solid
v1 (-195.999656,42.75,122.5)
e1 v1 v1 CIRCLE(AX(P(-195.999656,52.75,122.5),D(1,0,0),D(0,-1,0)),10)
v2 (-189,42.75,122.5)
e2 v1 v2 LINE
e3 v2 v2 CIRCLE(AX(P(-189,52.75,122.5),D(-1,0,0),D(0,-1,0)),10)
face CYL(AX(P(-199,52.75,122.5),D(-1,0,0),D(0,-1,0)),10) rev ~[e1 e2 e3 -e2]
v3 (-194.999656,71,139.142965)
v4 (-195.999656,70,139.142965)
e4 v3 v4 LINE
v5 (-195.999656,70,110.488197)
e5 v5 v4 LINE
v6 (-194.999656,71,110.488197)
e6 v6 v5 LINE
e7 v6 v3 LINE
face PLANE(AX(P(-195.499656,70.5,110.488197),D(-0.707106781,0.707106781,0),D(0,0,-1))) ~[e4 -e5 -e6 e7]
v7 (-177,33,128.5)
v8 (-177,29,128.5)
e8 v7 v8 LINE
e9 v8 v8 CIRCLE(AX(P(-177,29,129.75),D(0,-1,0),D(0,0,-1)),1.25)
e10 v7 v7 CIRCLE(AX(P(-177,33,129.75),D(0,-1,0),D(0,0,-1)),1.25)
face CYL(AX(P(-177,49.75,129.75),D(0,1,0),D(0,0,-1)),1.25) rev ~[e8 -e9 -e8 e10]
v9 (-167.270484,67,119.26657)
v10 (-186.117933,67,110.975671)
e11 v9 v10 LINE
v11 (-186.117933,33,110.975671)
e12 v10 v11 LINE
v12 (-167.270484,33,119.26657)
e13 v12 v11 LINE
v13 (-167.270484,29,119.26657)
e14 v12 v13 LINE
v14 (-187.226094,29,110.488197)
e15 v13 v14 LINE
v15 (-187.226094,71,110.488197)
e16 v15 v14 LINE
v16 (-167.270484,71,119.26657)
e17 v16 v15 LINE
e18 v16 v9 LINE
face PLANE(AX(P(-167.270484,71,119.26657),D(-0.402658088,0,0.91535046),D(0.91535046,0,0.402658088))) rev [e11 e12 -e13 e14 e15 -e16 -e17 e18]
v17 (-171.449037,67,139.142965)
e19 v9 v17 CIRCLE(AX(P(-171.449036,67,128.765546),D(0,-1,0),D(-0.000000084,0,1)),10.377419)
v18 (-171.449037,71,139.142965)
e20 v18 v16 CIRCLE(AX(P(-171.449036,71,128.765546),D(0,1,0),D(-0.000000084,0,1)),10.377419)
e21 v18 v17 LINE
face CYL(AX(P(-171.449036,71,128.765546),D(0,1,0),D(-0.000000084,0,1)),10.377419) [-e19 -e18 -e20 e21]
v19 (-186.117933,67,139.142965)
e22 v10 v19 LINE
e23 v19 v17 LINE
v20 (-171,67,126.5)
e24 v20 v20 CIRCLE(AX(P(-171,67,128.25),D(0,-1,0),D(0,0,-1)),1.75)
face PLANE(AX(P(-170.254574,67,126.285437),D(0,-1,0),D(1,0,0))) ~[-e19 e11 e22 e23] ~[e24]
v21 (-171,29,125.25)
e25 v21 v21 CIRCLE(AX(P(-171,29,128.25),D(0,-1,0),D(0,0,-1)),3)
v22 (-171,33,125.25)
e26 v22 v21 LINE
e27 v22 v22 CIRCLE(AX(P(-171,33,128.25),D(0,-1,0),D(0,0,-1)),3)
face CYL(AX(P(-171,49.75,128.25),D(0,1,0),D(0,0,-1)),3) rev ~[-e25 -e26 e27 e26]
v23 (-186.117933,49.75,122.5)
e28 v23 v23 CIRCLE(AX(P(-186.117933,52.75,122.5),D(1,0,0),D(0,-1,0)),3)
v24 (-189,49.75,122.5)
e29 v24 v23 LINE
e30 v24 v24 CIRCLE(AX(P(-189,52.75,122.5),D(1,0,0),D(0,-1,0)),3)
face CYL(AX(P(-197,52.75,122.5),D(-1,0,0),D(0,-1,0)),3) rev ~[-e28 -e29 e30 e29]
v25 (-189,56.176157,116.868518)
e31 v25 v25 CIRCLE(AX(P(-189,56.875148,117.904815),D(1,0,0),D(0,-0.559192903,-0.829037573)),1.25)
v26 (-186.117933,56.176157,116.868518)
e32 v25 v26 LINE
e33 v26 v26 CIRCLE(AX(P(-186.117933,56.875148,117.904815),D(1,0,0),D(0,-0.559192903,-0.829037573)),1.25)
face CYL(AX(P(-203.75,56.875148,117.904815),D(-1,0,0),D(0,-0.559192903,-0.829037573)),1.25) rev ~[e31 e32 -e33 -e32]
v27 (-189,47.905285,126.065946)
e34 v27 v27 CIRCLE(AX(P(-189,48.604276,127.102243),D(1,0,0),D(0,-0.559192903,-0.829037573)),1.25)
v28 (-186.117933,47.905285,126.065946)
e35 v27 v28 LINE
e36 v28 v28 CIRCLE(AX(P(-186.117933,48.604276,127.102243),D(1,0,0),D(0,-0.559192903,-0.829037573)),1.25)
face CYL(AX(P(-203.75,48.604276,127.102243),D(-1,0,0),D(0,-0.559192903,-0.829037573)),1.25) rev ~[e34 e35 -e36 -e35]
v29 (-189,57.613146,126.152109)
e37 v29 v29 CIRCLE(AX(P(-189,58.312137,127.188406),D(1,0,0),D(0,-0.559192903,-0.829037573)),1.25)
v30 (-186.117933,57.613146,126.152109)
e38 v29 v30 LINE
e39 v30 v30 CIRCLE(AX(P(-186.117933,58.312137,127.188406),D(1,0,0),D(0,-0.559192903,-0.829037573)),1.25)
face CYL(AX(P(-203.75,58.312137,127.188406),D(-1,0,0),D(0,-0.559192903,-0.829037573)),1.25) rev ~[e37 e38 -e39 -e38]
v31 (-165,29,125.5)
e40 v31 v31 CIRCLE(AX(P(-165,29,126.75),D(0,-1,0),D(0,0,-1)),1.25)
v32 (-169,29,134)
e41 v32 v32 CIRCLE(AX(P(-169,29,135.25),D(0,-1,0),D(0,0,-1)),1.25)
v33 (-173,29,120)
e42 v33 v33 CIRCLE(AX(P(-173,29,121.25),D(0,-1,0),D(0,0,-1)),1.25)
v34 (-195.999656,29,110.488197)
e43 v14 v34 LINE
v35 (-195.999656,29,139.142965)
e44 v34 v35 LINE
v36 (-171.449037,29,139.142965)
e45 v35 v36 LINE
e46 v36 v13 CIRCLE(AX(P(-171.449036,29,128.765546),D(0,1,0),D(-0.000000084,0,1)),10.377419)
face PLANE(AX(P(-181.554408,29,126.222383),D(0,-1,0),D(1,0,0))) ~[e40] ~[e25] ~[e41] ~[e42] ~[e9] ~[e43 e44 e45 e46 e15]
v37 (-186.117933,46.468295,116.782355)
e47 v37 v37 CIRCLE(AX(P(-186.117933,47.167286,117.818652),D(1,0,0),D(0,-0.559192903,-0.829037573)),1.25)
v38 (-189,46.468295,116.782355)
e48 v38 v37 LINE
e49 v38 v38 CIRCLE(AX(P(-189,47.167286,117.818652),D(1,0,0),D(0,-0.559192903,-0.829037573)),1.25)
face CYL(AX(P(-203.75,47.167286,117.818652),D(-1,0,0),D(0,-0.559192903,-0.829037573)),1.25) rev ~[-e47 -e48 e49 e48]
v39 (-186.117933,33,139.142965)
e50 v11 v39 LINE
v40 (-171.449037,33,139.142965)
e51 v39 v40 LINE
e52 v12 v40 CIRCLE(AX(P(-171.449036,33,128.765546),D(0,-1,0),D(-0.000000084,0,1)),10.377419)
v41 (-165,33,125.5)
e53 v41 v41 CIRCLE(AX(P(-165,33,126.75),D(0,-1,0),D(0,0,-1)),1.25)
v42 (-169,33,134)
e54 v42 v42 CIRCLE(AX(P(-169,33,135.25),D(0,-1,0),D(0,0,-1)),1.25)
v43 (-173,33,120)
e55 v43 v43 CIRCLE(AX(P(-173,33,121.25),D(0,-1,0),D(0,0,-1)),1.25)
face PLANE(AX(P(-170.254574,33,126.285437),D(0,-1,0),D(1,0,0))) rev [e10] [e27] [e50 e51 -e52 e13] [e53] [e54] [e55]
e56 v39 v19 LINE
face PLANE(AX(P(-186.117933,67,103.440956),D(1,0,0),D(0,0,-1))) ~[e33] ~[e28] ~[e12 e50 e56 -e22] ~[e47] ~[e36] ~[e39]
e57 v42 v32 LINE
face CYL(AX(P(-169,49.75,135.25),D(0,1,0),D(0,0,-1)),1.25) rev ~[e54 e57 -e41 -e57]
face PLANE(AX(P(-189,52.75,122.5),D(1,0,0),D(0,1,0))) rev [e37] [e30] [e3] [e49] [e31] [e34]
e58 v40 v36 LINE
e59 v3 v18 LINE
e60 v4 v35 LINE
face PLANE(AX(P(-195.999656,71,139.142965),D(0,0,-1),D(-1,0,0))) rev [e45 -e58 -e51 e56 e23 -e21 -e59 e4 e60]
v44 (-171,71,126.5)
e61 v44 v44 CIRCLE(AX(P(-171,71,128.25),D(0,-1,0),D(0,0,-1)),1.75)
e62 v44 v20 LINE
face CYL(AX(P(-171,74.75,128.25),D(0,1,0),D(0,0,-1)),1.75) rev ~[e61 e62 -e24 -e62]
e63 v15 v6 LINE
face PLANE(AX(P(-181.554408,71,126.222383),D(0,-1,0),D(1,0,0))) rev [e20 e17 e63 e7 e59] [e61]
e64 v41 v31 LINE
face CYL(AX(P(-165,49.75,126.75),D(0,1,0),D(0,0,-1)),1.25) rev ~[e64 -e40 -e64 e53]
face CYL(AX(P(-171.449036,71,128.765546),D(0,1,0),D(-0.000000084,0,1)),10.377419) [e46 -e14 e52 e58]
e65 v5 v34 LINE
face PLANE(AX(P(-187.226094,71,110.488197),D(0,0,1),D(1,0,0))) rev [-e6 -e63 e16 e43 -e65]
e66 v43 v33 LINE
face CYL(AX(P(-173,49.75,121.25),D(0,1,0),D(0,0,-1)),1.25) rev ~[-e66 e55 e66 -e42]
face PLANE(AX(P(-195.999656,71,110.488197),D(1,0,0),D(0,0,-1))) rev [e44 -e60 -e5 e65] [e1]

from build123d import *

# Parameters (mm, degrees)
CYLINDER067_R                        = 1.75
CYLINDER067_DEPTH                    = 22
CYLINDER067_PITCH_ANGLE              = 90
CYLINDER061_R                        = 1.25
CYLINDER061_DEPTH                    = 22
CYLINDER061_PITCH_ANGLE              = 90
CYLINDER062_R                        = 1.25
CYLINDER062_DEPTH                    = 22
CYLINDER062_PITCH_ANGLE              = 90
CYLINDER060_R                        = 1.25
CYLINDER060_DEPTH                    = 22
CYLINDER060_PITCH_ANGLE              = 90
CYLINDER059_R                        = 1.25
CYLINDER059_DEPTH                    = 22
CYLINDER059_PITCH_ANGLE              = 90
CYLINDER065_R                        = 1.25
CYLINDER065_DEPTH                    = 22
CYLINDER065_PITCH_ANGLE              = 90
CYLINDER066_R                        = 1.25
CYLINDER066_DEPTH                    = 22
CYLINDER066_PITCH_ANGLE              = 90
CYLINDER064_R                        = 1.25
CYLINDER064_DEPTH                    = 22
CYLINDER064_PITCH_ANGLE              = 90
CYLINDER063_R                        = 1.25
CYLINDER063_DEPTH                    = 22
CYLINDER063_PITCH_ANGLE              = 90
FUSION047_ROLL_ANGLE                 = 34
FUSION047_PLACEMENT_ANGLE            = -90
CYLINDER058_R                        = 3
CYLINDER058_DEPTH                    = 22
CYLINDER058_PITCH_ANGLE              = 90
CYLINDER057_R                        = 3
CYLINDER057_DEPTH                    = 13
CYLINDER057_ROLL_ANGLE               = 90
CYLINDER056_R                        = 10
CYLINDER056_DEPTH                    = 10
CYLINDER056_ROLL_ANGLE               = 90
PAD007_DEPTH                         = 34
PAD005_DEPTH                         = 42
CHAMFER104_SIZE                      = 1
CLONE020_PLACEMENT_ANGLE             = -90
PART_MIRRORING007012_PLACEMENT_ANGLE = 180


with BuildPart() as cilindro011:
    # Cylinder067 → Cylinder067 (new body)
    with BuildSketch(Plane.XY):
        Circle(CYLINDER067_R)
    extrude(amount=CYLINDER067_DEPTH)


with BuildPart() as cilindro011_1:
    # Cylinder067 pitch: moved
    add(cilindro011.part.rotate(Axis((0, 0, 0), (0, 1, 0)), CYLINDER067_PITCH_ANGLE))


with BuildPart() as cilindro011_2:
    # Cylinder067 placement: moved
    add(cilindro011_1.part.moved(Location((-4.75, -32, 125.75))))


with BuildPart() as cilindro005:
    # Cylinder061 → Cylinder061 (new body)
    with BuildSketch(Plane.XY):
        Circle(CYLINDER061_R)
    extrude(amount=CYLINDER061_DEPTH)


with BuildPart() as cilindro005_1:
    # Cylinder061 pitch: moved
    add(cilindro005.part.rotate(Axis((0, 0, 0), (0, 1, 0)), CYLINDER061_PITCH_ANGLE))


with BuildPart() as cilindro005_2:
    # Cylinder061 placement: moved
    add(cilindro005_1.part.moved(Location((20.25, -38, 124.25))))


with BuildPart() as cilindro006:
    # Cylinder062 → Cylinder062 (new body)
    with BuildSketch(Plane.XY):
        Circle(CYLINDER062_R)
    extrude(amount=CYLINDER062_DEPTH)


with BuildPart() as cilindro006_1:
    # Cylinder062 pitch: moved
    add(cilindro006.part.rotate(Axis((0, 0, 0), (0, 1, 0)), CYLINDER062_PITCH_ANGLE))


with BuildPart() as cilindro006_2:
    # Cylinder062 placement: moved
    add(cilindro006_1.part.moved(Location((20.25, -26, 127.25))))


with BuildPart() as cilindro004:
    # Cylinder060 → Cylinder060 (new body)
    with BuildSketch(Plane.XY):
        Circle(CYLINDER060_R)
    extrude(amount=CYLINDER060_DEPTH)


with BuildPart() as cilindro004_1:
    # Cylinder060 pitch: moved
    add(cilindro004.part.rotate(Axis((0, 0, 0), (0, 1, 0)), CYLINDER060_PITCH_ANGLE))


with BuildPart() as cilindro004_2:
    # Cylinder060 placement: moved
    add(cilindro004_1.part.moved(Location((20.25, -30, 118.75))))


with BuildPart() as fusion046:
    # Cylinder059 → Cylinder059 (new body)
    with BuildSketch(Plane.XY):
        Circle(CYLINDER059_R)
    extrude(amount=CYLINDER059_DEPTH)


with BuildPart() as fusion046_1:
    # Cylinder059 pitch: moved
    add(fusion046.part.rotate(Axis((0, 0, 0), (0, 1, 0)), CYLINDER059_PITCH_ANGLE))


with BuildPart() as fusion046_2:
    # Cylinder059 placement: moved
    add(fusion046_1.part.moved(Location((20.25, -34, 132.75))))

    # Fusion046: union Cilindro005, Cilindro006, Cilindro004
    add(cilindro005_2.part)
    add(cilindro006_2.part)
    add(cilindro004_2.part)


with BuildPart() as cilindro009:
    # Cylinder065 → Cylinder065 (new body)
    with BuildSketch(Plane.XY):
        Circle(CYLINDER065_R)
    extrude(amount=CYLINDER065_DEPTH)


with BuildPart() as cilindro009_1:
    # Cylinder065 pitch: moved
    add(cilindro009.part.rotate(Axis((0, 0, 0), (0, 1, 0)), CYLINDER065_PITCH_ANGLE))


with BuildPart() as cilindro009_2:
    # Cylinder065 placement: moved
    add(cilindro009_1.part.moved(Location((20.25, -38, 124.25))))


with BuildPart() as cilindro010:
    # Cylinder066 → Cylinder066 (new body)
    with BuildSketch(Plane.XY):
        Circle(CYLINDER066_R)
    extrude(amount=CYLINDER066_DEPTH)


with BuildPart() as cilindro010_1:
    # Cylinder066 pitch: moved
    add(cilindro010.part.rotate(Axis((0, 0, 0), (0, 1, 0)), CYLINDER066_PITCH_ANGLE))


with BuildPart() as cilindro010_2:
    # Cylinder066 placement: moved
    add(cilindro010_1.part.moved(Location((20.25, -26, 127.25))))


with BuildPart() as cilindro008:
    # Cylinder064 → Cylinder064 (new body)
    with BuildSketch(Plane.XY):
        Circle(CYLINDER064_R)
    extrude(amount=CYLINDER064_DEPTH)


with BuildPart() as cilindro008_1:
    # Cylinder064 pitch: moved
    add(cilindro008.part.rotate(Axis((0, 0, 0), (0, 1, 0)), CYLINDER064_PITCH_ANGLE))


with BuildPart() as cilindro008_2:
    # Cylinder064 placement: moved
    add(cilindro008_1.part.moved(Location((20.25, -30, 118.75))))


with BuildPart() as fusion047:
    # Cylinder063 → Cylinder063 (new body)
    with BuildSketch(Plane.XY):
        Circle(CYLINDER063_R)
    extrude(amount=CYLINDER063_DEPTH)


with BuildPart() as fusion047_1:
    # Cylinder063 pitch: moved
    add(fusion047.part.rotate(Axis((0, 0, 0), (0, 1, 0)), CYLINDER063_PITCH_ANGLE))


with BuildPart() as fusion047_2:
    # Cylinder063 placement: moved
    add(fusion047_1.part.moved(Location((20.25, -34, 132.75))))

    # Fusion047: union Cilindro009, Cilindro010, Cilindro008
    add(cilindro009_2.part)
    add(cilindro010_2.part)
    add(cilindro008_2.part)


with BuildPart() as fusion047_3:
    # Fusion047 roll: moved
    add(fusion047_2.part.rotate(Axis((0, 0, 0), (1, 0, 0)), FUSION047_ROLL_ANGLE))


with BuildPart() as fusion047_4:
    # Fusion047 placement: moved
    add(fusion047_3.part.moved(Location((114.107998, 21, 33.646227))).rotate(Axis((114.107998, 21, 33.646227), (0, 0, 1)), FUSION047_PLACEMENT_ANGLE))


with BuildPart() as cilindro002:
    # Cylinder058 → Cylinder058 (new body)
    with BuildSketch(Plane.XY):
        Circle(CYLINDER058_R)
    extrude(amount=CYLINDER058_DEPTH)


with BuildPart() as cilindro002_1:
    # Cylinder058 pitch: moved
    add(cilindro002.part.rotate(Axis((0, 0, 0), (0, 1, 0)), CYLINDER058_PITCH_ANGLE))


with BuildPart() as cilindro002_2:
    # Cylinder058 placement: moved
    add(cilindro002_1.part.moved(Location((20.25, -32, 125.75))))


with BuildPart() as cilindro001:
    # Cylinder057 → Cylinder057 (new body)
    with BuildSketch(Plane.XY):
        Circle(CYLINDER057_R)
    extrude(amount=CYLINDER057_DEPTH)


with BuildPart() as cilindro001_1:
    # Cylinder057 roll: moved
    add(cilindro001.part.rotate(Axis((0, 0, 0), (1, 0, 0)), CYLINDER057_ROLL_ANGLE))


with BuildPart() as cilindro001_2:
    # Cylinder057 placement: moved
    add(cilindro001_1.part.moved(Location((17.25, -6, 120))))


with BuildPart() as cilindro:
    # Cylinder056 → Cylinder056 (new body)
    with BuildSketch(Plane.XY):
        Circle(CYLINDER056_R)
    extrude(amount=CYLINDER056_DEPTH)


with BuildPart() as cilindro_1:
    # Cylinder056 roll: moved
    add(cilindro.part.rotate(Axis((0, 0, 0), (1, 0, 0)), CYLINDER056_ROLL_ANGLE))


with BuildPart() as cilindro_2:
    # Cylinder056 placement: moved
    add(cilindro_1.part.moved(Location((17.25, -4, 120))))


with BuildPart() as pad007:
    # Sketch012 → Pad007 (new body)
    with BuildSketch(Plane(origin=(3, -12, -1), x_dir=(0, 1, 0), z_dir=(1, 0, 0))):
        Polygon((-4.882067, 101.940956), (-4.882067, 138.559921), (-40.571098, 142.373672), (-40.571098, 120.688431), align=None)
    extrude(amount=PAD007_DEPTH)


with BuildPart() as right_shoulder:
    # Sketch010 → Pad005 (new body)
    with BuildSketch(Plane.YZ.offset(-1)):
        with BuildLine():
            Line((-35.729516, 116.76657), (-15.773906, 107.988197))
            Line((-15.773906, 107.988197), (-7.000344, 107.988197))
            Line((-7.000344, 107.988197), (-7.000344, 136.642965))
            Line((-7.000344, 136.642965), (-31.550963, 136.642965))
            ThreePointArc((-31.550963, 136.642965), (-41.706398, 128.400491), (-35.729516, 116.76657))
        make_face()
    extrude(amount=PAD005_DEPTH)

    # Cut085: cut Pad007
    add(pad007.part, mode=Mode.SUBTRACT)

    # Cut086: cut Cilindro
    add(cilindro_2.part, mode=Mode.SUBTRACT)

    # Cut087: cut Cilindro001
    add(cilindro001_2.part, mode=Mode.SUBTRACT)

    # Chamfer104
    chamfer104_edges = [right_shoulder.edges().sort_by_distance(p)[0] for p in [
        (-1, -7.000344, 122.315581),
    ]]
    chamfer(chamfer104_edges, length=CHAMFER104_SIZE)

    # Cut088: cut Cilindro002
    add(cilindro002_2.part, mode=Mode.SUBTRACT)

    # Cut089: cut Fusion047
    add(fusion047_4.part, mode=Mode.SUBTRACT)

    # Cut090: cut Fusion046
    add(fusion046_2.part, mode=Mode.SUBTRACT)

    # Cut091: cut Cilindro011
    add(cilindro011_2.part, mode=Mode.SUBTRACT)


with BuildPart() as right_shoulder_1:
    # Clone020 placement: moved
    add(right_shoulder.part.moved(Location((-275, 70, 2.5))).rotate(Axis((-275, 70, 2.5), (0, 0, 1)), CLONE020_PLACEMENT_ANGLE))


with BuildPart() as left_shoulder:
    # Part__Mirroring007012: instance of right-shoulder
    add(right_shoulder_1.part.mirror(Plane(origin=(0, 0, 0), x_dir=(1, 0, 0), z_dir=(0, 1, 0))))


with BuildPart() as left_shoulder_1:
    # Part__Mirroring007012 placement: moved
    add(left_shoulder.part.moved(Location((-478, 0, 0))).rotate(Axis((-478, 0, 0), (0, 0, 1)), PART_MIRRORING007012_PLACEMENT_ANGLE))


solid = left_shoulder_1.part
